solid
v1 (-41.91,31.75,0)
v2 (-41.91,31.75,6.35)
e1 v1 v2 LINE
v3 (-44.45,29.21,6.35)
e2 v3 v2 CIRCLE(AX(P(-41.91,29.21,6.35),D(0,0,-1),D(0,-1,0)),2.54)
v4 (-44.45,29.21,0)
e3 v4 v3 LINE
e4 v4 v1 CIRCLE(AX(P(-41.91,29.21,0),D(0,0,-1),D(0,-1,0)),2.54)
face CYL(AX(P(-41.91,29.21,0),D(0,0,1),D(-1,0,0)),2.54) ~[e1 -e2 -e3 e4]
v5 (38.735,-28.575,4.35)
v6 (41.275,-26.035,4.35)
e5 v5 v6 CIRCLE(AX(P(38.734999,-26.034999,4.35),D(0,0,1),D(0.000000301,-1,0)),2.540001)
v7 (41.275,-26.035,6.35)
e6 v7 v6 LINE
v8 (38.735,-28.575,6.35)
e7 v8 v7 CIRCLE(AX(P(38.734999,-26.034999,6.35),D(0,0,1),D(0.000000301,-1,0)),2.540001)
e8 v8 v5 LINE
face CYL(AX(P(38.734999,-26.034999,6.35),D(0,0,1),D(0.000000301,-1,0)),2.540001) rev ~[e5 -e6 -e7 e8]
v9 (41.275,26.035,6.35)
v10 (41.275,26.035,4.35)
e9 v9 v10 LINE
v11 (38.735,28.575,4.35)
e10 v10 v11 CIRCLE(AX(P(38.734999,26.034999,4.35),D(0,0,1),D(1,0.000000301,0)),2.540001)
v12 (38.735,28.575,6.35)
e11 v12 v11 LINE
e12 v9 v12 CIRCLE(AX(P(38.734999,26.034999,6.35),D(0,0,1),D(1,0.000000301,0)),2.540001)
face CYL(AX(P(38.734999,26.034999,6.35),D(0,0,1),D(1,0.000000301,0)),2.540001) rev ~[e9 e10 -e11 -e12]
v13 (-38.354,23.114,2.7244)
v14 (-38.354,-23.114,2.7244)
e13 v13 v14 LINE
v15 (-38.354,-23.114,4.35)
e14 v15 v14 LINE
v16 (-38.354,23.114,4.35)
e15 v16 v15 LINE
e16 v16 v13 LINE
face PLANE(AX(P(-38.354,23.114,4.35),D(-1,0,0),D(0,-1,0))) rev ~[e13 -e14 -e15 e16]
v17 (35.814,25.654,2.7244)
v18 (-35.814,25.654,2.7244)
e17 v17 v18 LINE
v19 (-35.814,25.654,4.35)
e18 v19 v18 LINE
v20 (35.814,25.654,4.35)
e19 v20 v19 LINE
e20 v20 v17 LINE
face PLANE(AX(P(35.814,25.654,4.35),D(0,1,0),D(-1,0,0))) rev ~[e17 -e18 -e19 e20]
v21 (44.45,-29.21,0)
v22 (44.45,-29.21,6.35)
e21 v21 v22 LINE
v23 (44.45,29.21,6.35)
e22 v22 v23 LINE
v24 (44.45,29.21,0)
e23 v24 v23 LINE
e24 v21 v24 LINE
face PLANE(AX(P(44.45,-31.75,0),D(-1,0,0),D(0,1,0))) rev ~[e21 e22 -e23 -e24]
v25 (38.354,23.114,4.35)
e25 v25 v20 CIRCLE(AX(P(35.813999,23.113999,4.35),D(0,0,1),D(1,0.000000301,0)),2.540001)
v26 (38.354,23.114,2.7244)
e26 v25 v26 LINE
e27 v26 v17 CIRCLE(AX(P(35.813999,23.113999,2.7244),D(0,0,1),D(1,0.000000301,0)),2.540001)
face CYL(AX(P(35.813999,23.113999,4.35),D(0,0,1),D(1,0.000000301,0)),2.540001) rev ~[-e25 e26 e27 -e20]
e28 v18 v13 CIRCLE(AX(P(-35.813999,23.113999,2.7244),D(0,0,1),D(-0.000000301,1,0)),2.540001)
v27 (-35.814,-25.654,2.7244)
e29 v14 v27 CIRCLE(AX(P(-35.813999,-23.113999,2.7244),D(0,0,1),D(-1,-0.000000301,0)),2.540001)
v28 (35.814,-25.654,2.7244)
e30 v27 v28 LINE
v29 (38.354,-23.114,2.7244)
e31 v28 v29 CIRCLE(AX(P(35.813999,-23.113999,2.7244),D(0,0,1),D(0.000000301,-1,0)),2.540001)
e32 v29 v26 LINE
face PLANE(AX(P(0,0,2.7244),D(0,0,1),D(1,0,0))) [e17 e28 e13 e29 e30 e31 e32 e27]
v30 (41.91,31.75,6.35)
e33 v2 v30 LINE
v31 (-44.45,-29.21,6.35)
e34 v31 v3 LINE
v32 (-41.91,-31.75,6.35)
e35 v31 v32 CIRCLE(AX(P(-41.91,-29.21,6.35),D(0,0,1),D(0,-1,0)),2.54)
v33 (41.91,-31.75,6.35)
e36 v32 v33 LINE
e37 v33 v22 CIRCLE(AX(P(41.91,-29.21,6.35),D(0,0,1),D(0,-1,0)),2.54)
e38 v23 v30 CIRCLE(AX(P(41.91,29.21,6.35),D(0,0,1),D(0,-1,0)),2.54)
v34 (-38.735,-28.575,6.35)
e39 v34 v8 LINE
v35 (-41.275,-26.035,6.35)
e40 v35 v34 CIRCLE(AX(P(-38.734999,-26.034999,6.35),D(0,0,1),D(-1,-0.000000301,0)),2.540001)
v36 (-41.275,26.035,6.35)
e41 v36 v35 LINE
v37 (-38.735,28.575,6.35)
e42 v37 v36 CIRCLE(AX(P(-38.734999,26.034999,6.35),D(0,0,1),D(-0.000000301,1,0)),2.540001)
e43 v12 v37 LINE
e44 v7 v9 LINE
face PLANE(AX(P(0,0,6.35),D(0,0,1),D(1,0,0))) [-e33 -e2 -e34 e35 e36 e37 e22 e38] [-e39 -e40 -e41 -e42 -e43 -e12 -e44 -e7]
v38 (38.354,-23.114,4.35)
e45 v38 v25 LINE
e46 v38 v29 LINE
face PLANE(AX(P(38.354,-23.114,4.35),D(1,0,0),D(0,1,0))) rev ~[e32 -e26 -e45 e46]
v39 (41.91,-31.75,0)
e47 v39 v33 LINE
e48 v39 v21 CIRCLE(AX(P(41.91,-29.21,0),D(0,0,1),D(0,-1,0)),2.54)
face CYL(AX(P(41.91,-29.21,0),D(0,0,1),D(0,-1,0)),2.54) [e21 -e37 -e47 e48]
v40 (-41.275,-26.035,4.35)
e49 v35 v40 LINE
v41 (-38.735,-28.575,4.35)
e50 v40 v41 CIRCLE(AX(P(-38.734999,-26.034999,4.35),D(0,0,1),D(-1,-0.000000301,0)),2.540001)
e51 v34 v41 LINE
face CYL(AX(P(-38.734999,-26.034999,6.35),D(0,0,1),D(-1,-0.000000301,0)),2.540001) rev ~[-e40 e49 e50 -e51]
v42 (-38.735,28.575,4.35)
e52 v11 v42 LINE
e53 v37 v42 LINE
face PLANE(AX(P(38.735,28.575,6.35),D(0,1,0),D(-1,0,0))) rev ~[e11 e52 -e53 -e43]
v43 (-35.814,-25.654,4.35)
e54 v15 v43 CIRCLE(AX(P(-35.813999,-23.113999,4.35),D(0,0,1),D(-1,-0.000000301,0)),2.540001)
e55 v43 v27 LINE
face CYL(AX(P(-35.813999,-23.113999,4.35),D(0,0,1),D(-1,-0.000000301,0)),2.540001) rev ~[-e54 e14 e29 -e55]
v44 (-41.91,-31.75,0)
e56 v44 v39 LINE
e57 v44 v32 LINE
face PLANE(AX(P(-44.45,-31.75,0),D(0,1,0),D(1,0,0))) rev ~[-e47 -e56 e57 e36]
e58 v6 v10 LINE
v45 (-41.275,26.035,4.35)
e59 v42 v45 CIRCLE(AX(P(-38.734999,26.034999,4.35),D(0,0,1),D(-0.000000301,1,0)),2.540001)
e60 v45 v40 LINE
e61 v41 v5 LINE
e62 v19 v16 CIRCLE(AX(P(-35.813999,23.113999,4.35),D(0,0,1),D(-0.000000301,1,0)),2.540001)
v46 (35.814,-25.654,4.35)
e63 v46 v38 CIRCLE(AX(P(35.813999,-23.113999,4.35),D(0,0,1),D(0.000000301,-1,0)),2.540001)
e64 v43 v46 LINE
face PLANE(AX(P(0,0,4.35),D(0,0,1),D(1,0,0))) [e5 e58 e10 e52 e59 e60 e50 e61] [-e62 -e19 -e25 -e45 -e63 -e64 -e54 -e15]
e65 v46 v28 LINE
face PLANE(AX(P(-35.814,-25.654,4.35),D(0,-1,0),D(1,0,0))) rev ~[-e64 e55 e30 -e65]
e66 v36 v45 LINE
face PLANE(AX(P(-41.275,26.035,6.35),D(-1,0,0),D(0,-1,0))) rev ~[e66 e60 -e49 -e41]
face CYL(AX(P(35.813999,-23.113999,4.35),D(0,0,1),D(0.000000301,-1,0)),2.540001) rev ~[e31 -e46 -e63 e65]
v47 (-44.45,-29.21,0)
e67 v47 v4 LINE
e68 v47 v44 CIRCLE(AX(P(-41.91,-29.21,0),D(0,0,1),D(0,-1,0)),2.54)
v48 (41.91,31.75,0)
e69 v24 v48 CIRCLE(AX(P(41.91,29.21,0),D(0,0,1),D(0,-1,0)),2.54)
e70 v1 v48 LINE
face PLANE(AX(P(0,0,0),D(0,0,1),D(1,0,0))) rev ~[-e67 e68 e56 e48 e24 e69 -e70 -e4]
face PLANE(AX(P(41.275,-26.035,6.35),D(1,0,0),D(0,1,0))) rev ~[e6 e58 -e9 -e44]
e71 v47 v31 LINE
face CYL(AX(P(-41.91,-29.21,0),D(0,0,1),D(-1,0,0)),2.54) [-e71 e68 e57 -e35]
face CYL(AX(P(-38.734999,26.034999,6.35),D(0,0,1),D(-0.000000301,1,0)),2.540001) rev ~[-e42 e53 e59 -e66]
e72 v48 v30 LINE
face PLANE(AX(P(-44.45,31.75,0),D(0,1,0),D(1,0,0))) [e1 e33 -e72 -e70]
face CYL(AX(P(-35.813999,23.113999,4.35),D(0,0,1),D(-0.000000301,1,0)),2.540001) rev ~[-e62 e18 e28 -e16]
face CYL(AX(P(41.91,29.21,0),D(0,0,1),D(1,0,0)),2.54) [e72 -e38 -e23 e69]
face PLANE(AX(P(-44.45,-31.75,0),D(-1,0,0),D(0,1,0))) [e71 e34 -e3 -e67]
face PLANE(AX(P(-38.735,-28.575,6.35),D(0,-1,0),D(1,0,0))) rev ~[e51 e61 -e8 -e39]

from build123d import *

# Parameters (mm, degrees)
F0_W     = 88.9
F0_H     = 63.5
F1_DEPTH = 6.35
F2_R     = 2.54
F4_DEPTH = 2
F6_DEPTH = 1.6256


with BuildPart() as f1:
    # F0 (on Top) → F1 (new body)
    with BuildSketch(Plane.XY):
        Rectangle(F0_W, F0_H)
    extrude(amount=F1_DEPTH)

    # F2
    f2_edges = [f1.edges().sort_by_distance(p)[0] for p in [
        (-44.45, -31.75, 3.175),
        (44.45, -31.75, 3.175),
        (44.45, 31.75, 3.175),
        (-44.45, 31.75, 3.175),
    ]]
    fillet(f2_edges, radius=F2_R)

    # F3 (on face) → F4 (cut)
    with BuildSketch(Plane.XY.offset(6.35)):
        with BuildLine():
            Line((38.735, 28.575), (-38.735, 28.575))
            ThreePointArc((-38.735, 28.575), (-40.531051, 27.831051), (-41.275, 26.035))
            Line((-41.275, 26.035), (-41.275, -26.035))
            ThreePointArc((-41.275, -26.035), (-40.531051, -27.831051), (-38.735, -28.575))
            Line((-38.735, -28.575), (38.735, -28.575))
            ThreePointArc((38.735, -28.575), (40.531051, -27.831051), (41.275, -26.035))
            Line((41.275, -26.035), (41.275, 26.035))
            ThreePointArc((41.275, 26.035), (40.531051, 27.831051), (38.735, 28.575))
        make_face()
    extrude(amount=-F4_DEPTH, mode=Mode.SUBTRACT)

    # F5 (on face) → F6 (cut)
    with BuildSketch(Plane.XY.offset(4.35)):
        with BuildLine():
            Line((35.814, 25.654), (-35.814, 25.654))
            ThreePointArc((-35.814, 25.654), (-37.610051, 24.910051), (-38.354, 23.114))
            Line((-38.354, 23.114), (-38.354, -23.114))
            ThreePointArc((-38.354, -23.114), (-37.610051, -24.910051), (-35.814, -25.654))
            Line((-35.814, -25.654), (35.814, -25.654))
            ThreePointArc((35.814, -25.654), (37.610051, -24.910051), (38.354, -23.114))
            Line((38.354, -23.114), (38.354, 23.114))
            ThreePointArc((38.354, 23.114), (37.610051, 24.910051), (35.814, 25.654))
        make_face()
    extrude(amount=-F6_DEPTH, mode=Mode.SUBTRACT)


solid = f1.part
